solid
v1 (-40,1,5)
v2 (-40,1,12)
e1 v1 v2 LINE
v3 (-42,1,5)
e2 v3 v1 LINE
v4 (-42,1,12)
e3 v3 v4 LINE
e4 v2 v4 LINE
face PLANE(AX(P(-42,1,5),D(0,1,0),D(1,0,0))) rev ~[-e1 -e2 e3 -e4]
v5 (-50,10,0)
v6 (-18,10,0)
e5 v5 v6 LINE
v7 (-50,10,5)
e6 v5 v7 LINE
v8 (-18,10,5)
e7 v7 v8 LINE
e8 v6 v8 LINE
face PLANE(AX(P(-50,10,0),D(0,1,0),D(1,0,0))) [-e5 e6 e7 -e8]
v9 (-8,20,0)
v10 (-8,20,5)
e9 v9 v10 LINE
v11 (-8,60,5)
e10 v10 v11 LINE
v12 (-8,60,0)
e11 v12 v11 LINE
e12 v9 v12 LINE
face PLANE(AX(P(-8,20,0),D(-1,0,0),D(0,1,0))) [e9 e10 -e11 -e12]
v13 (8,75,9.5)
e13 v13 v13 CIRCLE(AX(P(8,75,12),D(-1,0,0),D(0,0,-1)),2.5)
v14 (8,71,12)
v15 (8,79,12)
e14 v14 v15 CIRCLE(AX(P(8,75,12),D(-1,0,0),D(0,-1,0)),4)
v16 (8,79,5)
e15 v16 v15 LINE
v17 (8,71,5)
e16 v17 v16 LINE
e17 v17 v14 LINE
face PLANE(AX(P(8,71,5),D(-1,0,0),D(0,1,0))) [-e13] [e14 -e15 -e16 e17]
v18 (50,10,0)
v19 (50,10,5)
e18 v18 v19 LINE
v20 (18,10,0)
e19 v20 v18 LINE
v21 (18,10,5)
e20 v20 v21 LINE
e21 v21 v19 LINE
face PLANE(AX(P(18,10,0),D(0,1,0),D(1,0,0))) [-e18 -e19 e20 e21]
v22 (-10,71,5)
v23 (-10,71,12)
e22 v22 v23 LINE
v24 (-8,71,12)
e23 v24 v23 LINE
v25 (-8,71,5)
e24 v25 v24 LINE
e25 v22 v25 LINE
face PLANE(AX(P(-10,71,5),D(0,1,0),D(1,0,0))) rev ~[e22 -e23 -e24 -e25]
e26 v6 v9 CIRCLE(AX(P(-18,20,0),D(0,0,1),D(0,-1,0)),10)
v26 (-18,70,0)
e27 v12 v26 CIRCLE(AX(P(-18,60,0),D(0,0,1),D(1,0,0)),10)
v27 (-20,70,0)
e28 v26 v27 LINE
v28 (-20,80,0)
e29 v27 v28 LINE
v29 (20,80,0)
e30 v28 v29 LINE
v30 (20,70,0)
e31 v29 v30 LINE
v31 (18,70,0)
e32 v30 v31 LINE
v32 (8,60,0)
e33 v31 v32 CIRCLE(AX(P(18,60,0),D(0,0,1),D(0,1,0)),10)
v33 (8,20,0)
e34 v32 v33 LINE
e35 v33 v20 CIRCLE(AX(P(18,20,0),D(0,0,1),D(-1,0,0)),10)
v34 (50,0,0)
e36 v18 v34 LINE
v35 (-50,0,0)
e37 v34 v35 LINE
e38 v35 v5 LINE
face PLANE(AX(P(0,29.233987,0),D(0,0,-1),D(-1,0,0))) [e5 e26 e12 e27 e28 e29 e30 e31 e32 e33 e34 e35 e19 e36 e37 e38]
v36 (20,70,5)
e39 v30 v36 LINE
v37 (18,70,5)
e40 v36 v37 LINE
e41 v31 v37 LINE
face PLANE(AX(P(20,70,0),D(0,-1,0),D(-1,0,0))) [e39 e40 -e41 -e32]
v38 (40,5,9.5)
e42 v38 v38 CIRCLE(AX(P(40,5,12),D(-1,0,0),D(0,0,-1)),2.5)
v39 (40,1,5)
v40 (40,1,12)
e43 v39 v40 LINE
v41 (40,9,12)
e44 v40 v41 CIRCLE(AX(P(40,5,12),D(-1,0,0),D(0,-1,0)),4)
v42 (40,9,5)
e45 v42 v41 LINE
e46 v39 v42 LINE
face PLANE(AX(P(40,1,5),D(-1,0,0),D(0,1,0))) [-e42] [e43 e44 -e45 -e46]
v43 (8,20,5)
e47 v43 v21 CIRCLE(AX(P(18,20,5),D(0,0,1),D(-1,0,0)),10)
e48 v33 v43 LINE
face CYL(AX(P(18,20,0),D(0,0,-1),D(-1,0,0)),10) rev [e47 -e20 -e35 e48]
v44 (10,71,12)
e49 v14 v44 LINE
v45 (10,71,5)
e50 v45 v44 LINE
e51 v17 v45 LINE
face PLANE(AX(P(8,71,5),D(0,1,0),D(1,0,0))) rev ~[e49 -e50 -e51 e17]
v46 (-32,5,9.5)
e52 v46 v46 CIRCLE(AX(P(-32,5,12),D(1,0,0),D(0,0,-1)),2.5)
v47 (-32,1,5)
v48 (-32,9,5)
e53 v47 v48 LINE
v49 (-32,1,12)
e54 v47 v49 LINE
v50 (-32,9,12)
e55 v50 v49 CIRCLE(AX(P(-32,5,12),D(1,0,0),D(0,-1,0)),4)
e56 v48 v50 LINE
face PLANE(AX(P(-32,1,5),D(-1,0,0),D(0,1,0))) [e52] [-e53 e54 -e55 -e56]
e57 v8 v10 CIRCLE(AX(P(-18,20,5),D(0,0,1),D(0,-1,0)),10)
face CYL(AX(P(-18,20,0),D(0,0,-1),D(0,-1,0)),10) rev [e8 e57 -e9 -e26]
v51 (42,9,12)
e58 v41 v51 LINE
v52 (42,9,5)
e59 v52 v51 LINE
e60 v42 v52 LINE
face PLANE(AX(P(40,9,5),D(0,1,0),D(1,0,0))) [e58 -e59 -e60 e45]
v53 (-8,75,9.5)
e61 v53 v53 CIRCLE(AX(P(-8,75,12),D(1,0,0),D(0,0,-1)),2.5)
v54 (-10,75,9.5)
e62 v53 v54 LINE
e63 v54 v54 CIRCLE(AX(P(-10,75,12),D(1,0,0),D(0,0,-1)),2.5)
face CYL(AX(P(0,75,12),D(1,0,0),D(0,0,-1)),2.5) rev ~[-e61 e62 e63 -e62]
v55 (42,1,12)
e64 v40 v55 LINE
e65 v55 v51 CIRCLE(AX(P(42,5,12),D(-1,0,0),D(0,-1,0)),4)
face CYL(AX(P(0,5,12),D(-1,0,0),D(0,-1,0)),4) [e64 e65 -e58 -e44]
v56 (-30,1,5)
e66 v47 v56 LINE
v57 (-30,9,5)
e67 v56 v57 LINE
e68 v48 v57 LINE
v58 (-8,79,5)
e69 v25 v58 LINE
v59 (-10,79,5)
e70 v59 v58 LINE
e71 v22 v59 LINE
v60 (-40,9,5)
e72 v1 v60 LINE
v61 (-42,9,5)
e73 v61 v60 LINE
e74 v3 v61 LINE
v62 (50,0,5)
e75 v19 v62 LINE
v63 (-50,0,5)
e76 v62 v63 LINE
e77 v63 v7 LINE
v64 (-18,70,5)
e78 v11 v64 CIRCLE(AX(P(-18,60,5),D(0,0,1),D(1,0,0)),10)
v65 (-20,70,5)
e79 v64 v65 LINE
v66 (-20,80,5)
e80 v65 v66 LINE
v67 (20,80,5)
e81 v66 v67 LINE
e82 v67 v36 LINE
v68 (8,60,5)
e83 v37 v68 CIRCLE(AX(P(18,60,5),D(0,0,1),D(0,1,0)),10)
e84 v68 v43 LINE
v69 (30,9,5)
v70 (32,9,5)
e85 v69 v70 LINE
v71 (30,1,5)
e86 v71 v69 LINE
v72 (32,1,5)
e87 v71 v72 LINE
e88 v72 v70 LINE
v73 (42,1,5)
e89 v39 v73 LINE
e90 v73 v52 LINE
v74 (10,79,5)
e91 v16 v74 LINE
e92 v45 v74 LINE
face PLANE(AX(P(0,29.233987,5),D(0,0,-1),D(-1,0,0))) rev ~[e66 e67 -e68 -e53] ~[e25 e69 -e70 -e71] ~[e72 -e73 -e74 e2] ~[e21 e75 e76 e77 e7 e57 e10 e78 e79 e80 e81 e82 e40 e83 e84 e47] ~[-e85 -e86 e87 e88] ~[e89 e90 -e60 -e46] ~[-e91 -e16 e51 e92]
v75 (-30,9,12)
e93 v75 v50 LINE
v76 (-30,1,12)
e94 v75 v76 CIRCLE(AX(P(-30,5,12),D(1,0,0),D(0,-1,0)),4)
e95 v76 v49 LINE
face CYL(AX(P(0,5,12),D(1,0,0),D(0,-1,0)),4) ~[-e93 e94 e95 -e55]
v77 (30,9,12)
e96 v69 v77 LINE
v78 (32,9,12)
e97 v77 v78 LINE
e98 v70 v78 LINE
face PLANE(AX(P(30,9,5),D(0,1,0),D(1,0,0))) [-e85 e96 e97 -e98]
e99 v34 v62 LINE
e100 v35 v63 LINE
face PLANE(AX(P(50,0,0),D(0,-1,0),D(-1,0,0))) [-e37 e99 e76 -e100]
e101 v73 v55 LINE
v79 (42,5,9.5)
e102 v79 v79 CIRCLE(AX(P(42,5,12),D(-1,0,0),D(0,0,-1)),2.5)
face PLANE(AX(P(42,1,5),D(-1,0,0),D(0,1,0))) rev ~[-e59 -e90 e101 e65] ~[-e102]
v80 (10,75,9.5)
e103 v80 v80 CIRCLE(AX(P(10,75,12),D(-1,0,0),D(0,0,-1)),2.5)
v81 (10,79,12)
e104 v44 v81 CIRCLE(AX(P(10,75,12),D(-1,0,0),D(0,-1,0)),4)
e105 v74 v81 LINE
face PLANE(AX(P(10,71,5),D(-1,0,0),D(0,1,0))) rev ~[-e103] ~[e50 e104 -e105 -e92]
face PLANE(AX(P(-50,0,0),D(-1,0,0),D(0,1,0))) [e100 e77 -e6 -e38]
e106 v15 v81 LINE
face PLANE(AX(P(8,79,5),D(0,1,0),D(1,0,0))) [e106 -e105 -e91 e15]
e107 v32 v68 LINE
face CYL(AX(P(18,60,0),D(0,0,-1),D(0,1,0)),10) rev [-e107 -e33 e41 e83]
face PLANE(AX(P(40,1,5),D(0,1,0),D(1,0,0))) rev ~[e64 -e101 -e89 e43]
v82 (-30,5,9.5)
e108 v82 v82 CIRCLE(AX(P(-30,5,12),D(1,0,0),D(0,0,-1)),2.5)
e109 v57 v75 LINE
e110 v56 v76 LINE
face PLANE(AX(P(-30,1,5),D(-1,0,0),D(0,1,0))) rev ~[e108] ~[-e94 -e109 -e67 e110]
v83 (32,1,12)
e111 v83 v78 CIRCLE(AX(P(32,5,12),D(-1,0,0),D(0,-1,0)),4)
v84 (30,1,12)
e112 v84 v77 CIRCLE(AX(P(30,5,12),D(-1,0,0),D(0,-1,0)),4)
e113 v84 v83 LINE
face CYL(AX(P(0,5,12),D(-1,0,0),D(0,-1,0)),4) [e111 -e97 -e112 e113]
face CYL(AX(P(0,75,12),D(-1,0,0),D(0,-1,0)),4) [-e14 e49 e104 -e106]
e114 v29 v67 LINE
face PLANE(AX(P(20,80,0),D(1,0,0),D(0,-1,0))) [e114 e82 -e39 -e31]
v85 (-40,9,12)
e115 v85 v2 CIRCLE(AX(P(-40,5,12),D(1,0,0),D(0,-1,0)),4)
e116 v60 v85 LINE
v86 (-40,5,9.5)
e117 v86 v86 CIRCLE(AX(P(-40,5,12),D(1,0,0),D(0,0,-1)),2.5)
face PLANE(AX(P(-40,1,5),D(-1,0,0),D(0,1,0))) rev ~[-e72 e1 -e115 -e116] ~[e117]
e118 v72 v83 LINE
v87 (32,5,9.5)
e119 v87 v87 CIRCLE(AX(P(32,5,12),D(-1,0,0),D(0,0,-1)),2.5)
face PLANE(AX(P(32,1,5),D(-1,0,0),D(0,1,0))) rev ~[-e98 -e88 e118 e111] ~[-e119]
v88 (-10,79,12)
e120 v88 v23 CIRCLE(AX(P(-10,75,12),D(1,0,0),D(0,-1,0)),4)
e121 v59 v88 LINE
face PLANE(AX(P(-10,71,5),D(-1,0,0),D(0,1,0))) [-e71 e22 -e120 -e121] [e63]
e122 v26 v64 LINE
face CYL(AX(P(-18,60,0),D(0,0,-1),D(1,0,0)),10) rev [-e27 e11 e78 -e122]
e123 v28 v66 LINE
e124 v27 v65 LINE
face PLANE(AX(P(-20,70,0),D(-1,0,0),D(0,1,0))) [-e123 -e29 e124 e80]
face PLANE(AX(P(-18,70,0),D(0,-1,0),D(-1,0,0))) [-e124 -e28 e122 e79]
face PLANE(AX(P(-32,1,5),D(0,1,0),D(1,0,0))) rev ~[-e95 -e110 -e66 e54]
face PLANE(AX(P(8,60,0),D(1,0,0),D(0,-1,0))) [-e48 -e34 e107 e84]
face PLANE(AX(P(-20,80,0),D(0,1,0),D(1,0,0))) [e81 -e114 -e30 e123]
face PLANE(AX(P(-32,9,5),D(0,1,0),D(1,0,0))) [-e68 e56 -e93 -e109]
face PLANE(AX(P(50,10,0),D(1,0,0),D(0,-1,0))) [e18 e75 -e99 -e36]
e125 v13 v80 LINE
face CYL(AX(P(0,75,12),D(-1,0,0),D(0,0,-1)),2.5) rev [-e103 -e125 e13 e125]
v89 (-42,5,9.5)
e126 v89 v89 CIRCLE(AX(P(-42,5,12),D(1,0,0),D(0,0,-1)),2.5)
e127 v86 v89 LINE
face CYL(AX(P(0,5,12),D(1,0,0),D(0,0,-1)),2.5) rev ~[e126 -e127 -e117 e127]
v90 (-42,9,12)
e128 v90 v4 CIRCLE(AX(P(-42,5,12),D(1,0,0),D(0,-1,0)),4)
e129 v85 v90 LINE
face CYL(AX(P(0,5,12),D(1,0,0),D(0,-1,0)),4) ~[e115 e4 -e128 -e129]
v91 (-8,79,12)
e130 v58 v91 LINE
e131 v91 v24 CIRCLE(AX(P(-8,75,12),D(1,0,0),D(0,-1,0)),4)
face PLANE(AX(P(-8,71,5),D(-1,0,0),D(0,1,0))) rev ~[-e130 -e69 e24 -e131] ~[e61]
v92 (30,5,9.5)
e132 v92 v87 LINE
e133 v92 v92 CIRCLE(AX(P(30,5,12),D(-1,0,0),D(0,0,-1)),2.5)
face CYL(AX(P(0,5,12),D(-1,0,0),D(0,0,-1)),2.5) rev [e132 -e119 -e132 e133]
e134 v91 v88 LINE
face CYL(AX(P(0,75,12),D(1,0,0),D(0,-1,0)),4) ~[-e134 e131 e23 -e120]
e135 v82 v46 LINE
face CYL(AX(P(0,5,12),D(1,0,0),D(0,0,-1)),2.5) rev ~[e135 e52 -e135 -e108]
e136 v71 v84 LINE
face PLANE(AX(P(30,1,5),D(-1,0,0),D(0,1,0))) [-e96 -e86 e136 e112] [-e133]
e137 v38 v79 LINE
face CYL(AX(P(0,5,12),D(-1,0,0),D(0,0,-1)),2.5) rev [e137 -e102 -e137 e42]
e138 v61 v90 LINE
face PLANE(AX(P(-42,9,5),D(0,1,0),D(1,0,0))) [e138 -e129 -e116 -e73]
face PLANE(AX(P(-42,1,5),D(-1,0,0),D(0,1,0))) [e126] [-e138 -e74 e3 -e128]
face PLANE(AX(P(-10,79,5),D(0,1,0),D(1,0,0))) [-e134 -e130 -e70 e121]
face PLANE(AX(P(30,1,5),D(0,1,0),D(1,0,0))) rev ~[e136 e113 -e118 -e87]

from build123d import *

# Parameters (mm, degrees)
BOSS_EXTRUDE1_DEPTH     = 5
SKETCH4_W               = 2
SKETCH4_H               = 8
BOSS_EXTRUDE2_DEPTH     = 12
SKETCH5_R               = 2.5
CUT_EXTRUDE1_DEPTH      = 51
CUT_EXTRUDE1_DEPTH_BACK = 51


with BuildPart() as part:
    # Sketch2 → Boss-Extrude1 (new body)
    with BuildSketch(Plane.XY):
        with BuildLine():
            Line((-20, 80), (20, 80))
            Line((20, 80), (20, 70))
            Line((20, 70), (18, 70))
            ThreePointArc((18, 70), (10.928932188, 67.071067812), (8, 60))
            Line((8, 60), (8, 20))
            ThreePointArc((8, 20), (10.928932188, 12.928932188), (18, 10))
            Line((18, 10), (50, 10))
            Line((50, 10), (50, 0))
            Line((50, 0), (-50, 0))
            Line((-50, 0), (-50, 10))
            Line((-50, 10), (-18, 10))
            ThreePointArc((-18, 10), (-10.928932188, 12.928932188), (-8, 20))
            Line((-8, 20), (-8, 60))
            ThreePointArc((-8, 60), (-10.928932188, 67.071067812), (-18, 70))
            Line((-18, 70), (-20, 70))
            Line((-20, 70), (-20, 80))
        make_face()
    extrude(amount=BOSS_EXTRUDE1_DEPTH)

    # Sketch4 → Boss-Extrude2 (add)
    with BuildSketch(Plane.XY.offset(5)):
        with Locations((-9, 75)):
            Rectangle(SKETCH4_W, SKETCH4_H)
        with Locations((9, 75)):
            Rectangle(SKETCH4_W, SKETCH4_H)
        with Locations((-41, 5)):
            Rectangle(SKETCH4_W, SKETCH4_H)
        with Locations((-31, 5)):
            Rectangle(SKETCH4_W, SKETCH4_H)
        with Locations((31, 5)):
            Rectangle(SKETCH4_W, SKETCH4_H)
        with Locations((41, 5)):
            Rectangle(SKETCH4_W, SKETCH4_H)
    extrude(amount=BOSS_EXTRUDE2_DEPTH)

    # Sketch5 → Cut-Extrude1 (cut, two sides)
    with BuildSketch(Plane(origin=(0, 0, 0), x_dir=(0, 0, -1), z_dir=(1, 0, 0))) as cut_extrude1_sk:
        with Locations((-12, 75)):
            Circle(SKETCH5_R)
        with Locations((-12, 5)):
            Circle(SKETCH5_R)
        with BuildLine():
            Line((-12, 79), (-17, 79))
            Line((-17, 79), (-17, 71))
            Line((-17, 71), (-12, 71))
            ThreePointArc((-12, 71), (-16, 75), (-12, 79))
        make_face()
        with BuildLine():
            Line((-12, 9), (-17, 9))
            Line((-17, 9), (-17, 1))
            Line((-17, 1), (-12, 1))
            ThreePointArc((-12, 1), (-16, 5), (-12, 9))
        make_face()
    extrude(amount=CUT_EXTRUDE1_DEPTH, mode=Mode.SUBTRACT)
    extrude(cut_extrude1_sk.sketch, amount=-CUT_EXTRUDE1_DEPTH_BACK, mode=Mode.SUBTRACT)


solid = part.part
